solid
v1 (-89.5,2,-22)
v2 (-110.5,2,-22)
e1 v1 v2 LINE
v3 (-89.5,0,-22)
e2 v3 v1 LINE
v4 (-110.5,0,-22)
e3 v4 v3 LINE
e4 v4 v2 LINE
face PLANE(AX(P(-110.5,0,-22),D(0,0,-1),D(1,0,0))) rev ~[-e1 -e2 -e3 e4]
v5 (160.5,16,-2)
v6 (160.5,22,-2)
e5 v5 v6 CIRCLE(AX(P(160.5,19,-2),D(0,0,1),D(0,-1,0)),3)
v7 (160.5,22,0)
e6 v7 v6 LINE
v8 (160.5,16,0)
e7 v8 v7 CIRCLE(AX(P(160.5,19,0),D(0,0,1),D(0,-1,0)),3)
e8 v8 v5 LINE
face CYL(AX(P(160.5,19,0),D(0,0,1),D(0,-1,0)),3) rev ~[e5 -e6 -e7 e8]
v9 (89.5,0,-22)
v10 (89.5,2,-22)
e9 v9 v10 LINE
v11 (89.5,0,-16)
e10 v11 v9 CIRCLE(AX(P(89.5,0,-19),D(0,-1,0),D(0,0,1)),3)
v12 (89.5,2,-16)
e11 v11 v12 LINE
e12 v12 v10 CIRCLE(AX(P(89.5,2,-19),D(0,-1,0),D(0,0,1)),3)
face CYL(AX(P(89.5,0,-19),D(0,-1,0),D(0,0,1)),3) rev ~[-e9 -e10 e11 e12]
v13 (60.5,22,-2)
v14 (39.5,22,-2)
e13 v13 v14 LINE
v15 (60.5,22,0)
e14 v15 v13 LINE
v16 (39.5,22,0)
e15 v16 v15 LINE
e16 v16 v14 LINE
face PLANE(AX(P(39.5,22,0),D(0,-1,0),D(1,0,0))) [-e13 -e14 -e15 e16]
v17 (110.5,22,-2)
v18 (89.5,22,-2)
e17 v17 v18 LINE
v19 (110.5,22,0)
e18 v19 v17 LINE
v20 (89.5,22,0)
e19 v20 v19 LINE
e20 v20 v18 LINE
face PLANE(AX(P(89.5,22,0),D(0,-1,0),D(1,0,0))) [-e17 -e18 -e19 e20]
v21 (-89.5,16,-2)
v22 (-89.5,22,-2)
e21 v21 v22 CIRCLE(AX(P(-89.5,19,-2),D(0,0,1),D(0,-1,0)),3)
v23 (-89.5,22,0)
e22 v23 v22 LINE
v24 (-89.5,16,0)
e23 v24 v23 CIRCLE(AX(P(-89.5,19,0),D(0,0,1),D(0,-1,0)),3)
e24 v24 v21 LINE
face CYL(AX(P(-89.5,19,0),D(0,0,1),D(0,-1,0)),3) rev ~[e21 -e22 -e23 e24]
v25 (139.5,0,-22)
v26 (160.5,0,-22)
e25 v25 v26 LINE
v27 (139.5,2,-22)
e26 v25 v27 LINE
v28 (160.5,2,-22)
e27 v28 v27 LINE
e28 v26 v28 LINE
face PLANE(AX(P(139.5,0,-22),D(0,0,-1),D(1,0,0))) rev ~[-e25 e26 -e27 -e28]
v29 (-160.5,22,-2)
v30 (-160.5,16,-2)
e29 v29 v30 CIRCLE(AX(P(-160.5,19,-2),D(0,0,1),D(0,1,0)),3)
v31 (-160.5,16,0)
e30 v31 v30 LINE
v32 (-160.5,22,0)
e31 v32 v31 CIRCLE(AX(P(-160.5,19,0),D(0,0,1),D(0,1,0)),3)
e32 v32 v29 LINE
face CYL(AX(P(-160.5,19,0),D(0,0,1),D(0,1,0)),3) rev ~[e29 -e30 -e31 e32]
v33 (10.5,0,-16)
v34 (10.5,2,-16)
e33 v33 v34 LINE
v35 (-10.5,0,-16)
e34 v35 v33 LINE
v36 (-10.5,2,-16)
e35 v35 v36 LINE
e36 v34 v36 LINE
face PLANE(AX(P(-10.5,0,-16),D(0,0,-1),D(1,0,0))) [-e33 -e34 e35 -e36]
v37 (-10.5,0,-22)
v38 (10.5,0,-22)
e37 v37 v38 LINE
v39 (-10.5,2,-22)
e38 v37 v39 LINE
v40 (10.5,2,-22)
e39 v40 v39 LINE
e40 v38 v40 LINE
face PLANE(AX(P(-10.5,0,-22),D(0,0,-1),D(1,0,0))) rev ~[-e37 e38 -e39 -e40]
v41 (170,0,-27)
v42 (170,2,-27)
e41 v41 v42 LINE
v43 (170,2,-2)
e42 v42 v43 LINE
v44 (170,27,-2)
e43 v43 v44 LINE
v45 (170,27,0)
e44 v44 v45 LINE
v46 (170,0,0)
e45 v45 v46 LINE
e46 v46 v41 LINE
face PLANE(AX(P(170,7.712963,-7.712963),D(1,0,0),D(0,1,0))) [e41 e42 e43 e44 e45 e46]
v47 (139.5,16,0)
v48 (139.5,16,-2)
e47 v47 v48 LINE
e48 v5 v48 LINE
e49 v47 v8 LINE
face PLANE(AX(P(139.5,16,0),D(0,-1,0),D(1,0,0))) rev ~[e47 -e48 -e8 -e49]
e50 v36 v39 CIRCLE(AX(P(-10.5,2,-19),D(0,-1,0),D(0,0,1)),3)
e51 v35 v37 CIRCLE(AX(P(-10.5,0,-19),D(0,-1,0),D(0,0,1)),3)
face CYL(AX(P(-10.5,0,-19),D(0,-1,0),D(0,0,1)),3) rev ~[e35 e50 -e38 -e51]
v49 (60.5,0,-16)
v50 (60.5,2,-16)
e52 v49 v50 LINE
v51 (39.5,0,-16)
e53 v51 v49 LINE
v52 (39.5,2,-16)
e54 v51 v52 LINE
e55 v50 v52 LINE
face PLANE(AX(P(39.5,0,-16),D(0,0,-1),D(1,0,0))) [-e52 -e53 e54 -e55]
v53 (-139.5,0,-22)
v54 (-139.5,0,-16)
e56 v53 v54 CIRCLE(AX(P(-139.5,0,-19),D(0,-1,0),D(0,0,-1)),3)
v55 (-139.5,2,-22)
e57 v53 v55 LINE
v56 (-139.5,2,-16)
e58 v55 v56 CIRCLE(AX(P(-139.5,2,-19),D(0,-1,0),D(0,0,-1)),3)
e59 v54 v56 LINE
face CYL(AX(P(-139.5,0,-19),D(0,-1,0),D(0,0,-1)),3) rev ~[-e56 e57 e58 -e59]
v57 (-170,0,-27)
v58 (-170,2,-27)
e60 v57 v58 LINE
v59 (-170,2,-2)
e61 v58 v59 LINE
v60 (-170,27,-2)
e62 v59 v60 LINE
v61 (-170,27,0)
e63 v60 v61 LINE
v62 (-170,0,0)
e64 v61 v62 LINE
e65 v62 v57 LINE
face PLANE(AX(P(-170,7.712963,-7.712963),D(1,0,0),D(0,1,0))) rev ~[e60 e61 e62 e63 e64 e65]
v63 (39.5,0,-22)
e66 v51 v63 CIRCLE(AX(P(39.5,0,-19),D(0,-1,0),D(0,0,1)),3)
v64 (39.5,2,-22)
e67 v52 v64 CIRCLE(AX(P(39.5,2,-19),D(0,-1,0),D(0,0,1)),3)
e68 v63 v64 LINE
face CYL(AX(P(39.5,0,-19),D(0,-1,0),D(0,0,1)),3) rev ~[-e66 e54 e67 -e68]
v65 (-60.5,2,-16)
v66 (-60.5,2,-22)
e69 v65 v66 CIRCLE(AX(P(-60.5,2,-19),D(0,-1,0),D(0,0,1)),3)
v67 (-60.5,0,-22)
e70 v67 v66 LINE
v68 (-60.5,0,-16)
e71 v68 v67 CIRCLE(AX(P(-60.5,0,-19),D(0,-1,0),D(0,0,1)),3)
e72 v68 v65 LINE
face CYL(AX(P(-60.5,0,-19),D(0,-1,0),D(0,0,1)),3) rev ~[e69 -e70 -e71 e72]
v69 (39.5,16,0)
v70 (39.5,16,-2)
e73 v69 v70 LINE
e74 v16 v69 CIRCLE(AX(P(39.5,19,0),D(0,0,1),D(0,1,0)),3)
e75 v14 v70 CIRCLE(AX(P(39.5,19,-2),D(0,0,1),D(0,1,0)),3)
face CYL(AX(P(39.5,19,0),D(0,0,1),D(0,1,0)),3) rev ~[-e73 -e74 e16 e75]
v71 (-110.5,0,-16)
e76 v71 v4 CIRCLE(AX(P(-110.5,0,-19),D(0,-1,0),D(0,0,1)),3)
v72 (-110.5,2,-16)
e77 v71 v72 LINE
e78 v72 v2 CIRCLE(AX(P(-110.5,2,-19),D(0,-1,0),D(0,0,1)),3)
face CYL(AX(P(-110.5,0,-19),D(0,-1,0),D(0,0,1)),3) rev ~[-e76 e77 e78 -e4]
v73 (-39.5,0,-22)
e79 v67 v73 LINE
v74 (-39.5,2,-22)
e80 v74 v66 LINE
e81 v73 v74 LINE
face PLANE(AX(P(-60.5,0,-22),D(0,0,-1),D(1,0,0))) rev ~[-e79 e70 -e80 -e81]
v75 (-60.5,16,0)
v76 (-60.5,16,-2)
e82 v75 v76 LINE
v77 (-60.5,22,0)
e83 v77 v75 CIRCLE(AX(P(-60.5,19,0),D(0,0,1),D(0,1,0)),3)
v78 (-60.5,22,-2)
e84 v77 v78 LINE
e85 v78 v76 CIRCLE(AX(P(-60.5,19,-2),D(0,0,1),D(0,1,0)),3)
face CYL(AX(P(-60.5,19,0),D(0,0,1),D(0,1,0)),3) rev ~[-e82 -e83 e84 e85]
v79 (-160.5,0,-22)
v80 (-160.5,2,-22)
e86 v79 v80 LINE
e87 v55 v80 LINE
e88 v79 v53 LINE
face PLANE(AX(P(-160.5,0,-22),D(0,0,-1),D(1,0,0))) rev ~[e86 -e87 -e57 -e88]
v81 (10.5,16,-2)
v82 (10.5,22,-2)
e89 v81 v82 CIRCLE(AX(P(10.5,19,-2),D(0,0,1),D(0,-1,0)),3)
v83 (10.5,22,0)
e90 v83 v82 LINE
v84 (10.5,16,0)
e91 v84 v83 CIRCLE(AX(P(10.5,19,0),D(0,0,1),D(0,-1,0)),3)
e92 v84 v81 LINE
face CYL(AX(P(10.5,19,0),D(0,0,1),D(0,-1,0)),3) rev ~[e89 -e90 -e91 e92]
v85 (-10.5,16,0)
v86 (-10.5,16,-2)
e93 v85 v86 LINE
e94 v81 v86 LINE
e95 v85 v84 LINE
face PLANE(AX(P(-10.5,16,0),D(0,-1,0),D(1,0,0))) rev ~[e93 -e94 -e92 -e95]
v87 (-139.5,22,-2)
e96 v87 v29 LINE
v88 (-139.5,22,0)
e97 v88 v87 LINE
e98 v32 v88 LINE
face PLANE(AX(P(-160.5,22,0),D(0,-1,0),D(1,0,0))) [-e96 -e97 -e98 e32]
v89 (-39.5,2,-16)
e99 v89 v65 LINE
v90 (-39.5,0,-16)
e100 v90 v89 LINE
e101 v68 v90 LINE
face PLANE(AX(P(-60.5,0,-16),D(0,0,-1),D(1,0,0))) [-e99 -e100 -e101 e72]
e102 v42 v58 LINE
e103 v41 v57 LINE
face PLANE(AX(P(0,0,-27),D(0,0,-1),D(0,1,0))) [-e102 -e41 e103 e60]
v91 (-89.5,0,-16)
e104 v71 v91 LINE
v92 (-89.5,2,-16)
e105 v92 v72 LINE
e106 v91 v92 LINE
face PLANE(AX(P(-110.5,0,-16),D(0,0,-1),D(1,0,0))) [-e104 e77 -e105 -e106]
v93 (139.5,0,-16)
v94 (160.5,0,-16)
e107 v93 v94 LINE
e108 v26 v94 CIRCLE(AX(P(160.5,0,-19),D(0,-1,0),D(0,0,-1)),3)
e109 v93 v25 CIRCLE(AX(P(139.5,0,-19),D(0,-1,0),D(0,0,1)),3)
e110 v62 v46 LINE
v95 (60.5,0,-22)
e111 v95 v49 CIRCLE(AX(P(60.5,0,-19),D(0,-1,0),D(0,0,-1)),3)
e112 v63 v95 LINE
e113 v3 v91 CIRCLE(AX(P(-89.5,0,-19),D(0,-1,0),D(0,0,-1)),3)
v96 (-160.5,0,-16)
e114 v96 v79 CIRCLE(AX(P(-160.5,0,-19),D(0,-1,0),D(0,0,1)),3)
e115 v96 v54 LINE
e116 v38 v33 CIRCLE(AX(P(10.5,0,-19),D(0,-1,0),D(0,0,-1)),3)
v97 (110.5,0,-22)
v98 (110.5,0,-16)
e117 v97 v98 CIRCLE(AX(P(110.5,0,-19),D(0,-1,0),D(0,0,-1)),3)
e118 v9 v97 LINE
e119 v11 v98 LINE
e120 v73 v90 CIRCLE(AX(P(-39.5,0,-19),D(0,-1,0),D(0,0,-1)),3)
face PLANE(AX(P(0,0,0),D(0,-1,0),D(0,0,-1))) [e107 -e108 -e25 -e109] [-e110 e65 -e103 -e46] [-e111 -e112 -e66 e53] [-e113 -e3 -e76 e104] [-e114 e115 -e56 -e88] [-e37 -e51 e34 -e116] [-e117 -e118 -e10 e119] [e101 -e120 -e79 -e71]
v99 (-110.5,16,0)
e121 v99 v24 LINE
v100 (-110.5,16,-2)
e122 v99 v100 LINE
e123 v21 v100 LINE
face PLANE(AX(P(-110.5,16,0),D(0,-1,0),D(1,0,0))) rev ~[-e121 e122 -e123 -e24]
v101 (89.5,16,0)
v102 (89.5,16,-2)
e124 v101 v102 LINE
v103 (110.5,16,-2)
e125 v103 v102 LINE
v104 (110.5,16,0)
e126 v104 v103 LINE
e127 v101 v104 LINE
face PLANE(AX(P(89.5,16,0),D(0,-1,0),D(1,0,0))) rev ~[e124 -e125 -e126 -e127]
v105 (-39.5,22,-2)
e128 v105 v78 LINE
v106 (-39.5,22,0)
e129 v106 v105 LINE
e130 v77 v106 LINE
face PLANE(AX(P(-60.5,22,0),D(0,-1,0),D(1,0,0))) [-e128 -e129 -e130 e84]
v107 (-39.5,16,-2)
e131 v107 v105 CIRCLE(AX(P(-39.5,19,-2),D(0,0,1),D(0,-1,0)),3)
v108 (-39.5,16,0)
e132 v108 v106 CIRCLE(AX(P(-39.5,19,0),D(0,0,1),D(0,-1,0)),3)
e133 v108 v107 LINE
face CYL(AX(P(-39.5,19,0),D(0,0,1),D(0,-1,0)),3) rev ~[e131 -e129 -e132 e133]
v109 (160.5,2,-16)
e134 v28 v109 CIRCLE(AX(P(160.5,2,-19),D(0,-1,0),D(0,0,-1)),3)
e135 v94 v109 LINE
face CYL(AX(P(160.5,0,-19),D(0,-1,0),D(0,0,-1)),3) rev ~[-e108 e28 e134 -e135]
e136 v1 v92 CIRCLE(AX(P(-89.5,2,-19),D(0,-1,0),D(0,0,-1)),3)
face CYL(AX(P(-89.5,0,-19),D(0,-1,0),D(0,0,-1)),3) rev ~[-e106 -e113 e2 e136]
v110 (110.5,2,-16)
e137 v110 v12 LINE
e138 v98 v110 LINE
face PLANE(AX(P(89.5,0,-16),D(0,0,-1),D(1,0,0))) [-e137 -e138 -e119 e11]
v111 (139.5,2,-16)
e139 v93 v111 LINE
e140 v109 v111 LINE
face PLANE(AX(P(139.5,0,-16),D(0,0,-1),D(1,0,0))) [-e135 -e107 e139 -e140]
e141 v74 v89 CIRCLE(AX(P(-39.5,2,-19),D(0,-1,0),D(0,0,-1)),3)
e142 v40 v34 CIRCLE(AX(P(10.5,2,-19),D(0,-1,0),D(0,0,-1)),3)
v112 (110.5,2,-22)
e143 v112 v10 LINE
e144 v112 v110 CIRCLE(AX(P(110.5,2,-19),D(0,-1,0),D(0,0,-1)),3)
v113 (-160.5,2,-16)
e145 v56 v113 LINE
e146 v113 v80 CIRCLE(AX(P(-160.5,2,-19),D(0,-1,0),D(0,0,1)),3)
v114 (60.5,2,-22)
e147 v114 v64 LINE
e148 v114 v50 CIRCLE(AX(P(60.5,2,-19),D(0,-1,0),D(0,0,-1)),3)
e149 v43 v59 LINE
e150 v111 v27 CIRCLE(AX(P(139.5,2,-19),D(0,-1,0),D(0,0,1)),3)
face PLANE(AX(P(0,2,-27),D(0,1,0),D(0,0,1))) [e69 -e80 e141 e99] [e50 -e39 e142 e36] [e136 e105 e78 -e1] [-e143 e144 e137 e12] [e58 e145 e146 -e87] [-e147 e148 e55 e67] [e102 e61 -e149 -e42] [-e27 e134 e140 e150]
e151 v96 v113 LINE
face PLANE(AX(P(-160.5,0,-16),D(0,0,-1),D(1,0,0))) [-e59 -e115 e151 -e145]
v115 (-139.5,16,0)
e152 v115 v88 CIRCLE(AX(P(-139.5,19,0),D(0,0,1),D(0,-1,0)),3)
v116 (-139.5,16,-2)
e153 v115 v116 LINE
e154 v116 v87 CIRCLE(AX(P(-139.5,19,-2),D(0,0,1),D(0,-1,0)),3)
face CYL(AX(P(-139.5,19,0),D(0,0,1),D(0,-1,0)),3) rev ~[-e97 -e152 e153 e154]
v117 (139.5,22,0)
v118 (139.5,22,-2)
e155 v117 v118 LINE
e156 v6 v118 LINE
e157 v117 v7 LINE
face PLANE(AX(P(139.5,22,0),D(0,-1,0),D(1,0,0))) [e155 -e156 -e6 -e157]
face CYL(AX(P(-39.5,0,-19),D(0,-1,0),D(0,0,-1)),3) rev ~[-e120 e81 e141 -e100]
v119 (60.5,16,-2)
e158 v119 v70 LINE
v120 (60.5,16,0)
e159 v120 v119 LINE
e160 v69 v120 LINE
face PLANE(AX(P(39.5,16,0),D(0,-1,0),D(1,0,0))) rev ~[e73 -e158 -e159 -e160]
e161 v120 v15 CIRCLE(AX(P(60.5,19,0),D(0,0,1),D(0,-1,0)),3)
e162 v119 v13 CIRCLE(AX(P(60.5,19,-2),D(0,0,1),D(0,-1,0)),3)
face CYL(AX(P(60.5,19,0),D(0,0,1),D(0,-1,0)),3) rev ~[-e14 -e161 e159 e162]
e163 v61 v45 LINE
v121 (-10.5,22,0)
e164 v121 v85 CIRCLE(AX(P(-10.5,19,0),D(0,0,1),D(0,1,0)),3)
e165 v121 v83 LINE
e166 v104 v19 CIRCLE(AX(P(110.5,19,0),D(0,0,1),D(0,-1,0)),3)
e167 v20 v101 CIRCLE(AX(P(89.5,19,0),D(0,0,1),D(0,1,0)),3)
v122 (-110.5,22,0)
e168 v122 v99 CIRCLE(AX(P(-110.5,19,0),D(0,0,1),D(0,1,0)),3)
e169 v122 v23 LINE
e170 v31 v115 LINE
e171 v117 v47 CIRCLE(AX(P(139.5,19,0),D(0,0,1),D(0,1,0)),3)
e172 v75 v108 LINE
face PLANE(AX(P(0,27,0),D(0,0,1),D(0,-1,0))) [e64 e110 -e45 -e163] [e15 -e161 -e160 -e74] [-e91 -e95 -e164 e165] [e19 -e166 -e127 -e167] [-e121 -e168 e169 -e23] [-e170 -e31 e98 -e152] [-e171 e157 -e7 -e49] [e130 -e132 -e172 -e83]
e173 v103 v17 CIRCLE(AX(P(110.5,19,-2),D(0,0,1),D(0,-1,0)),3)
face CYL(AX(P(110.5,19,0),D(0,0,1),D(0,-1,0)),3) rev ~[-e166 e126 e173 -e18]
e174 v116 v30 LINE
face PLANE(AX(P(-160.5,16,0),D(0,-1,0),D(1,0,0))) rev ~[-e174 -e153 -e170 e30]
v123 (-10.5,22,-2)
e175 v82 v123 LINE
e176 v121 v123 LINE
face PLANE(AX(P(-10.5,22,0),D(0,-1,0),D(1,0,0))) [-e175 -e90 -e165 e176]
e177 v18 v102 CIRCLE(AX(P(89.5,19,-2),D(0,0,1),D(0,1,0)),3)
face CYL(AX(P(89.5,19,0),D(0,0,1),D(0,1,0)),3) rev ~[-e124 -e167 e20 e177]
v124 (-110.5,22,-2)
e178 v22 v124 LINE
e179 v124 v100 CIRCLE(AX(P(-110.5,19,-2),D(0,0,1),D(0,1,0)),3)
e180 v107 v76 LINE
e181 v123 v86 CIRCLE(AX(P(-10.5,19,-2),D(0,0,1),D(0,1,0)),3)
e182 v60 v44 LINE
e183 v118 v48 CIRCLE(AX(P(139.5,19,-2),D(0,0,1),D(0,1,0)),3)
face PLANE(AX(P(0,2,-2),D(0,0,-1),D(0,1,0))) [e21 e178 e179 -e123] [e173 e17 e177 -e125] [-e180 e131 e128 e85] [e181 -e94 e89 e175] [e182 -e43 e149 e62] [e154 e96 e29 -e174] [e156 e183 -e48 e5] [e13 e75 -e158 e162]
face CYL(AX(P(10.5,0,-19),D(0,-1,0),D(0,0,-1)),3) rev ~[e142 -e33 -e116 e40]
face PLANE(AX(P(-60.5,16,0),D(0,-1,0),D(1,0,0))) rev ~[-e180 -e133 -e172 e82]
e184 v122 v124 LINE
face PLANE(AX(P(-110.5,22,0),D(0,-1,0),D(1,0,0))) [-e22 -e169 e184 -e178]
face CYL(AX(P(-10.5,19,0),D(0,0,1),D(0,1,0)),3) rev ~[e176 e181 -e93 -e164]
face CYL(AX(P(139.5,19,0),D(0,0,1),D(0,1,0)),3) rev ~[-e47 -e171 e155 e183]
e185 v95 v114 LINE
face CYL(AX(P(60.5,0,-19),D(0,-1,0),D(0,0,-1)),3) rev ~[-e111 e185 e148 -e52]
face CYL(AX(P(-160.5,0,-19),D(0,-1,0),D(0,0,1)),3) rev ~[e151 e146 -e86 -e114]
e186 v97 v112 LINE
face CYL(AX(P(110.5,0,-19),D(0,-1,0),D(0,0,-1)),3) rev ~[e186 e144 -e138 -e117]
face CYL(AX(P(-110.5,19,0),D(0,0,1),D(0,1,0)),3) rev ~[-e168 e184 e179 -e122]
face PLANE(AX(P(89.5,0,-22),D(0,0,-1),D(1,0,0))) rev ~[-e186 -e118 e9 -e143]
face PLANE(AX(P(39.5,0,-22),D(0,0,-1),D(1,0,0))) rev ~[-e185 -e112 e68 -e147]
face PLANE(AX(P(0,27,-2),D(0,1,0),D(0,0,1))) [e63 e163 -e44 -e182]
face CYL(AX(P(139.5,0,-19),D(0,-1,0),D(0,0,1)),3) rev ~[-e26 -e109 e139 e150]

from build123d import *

# Parameters (mm, degrees)
PAD005_DEPTH           = 170
POCKET001_DEPTH        = 5
LINEARPATTERN_COUNT    = 4
LINEARPATTERN_PITCH    = 50
LINEARPATTERN001_COUNT = 4
LINEARPATTERN001_PITCH = 50
POCKET002_DEPTH        = 5
LINEARPATTERN002_COUNT = 4
LINEARPATTERN002_PITCH = 50
LINEARPATTERN003_COUNT = 4
LINEARPATTERN003_PITCH = 50


with BuildPart() as part:
    # Sketch006 → Pad005 (new body, symmetric)
    with BuildSketch(Plane.YZ):
        Polygon((2, -2), (27, -2), (27, 0), (0, 0), (0, -27), (2, -27), align=None)
    extrude(amount=PAD005_DEPTH, both=True)

    # Sketch007 → Pocket001 (cut)
    with BuildSketch(Plane.XZ):
        with BuildLine():
            ThreePointArc((-10.5, -16), (-13.5, -19), (-10.5, -22))
            Line((-10.5, -22), (10.5, -22))
            ThreePointArc((10.5, -22), (13.5, -19), (10.5, -16))
            Line((-10.5, -16), (10.5, -16))
        make_face()
    pocket001 = extrude(amount=-POCKET001_DEPTH, mode=Mode.SUBTRACT)

    # LinearPattern: Pocket001 ×4
    with Locations(*[(i * LINEARPATTERN_PITCH, 0, 0) for i in range(1, LINEARPATTERN_COUNT)]):
        add(pocket001, mode=Mode.SUBTRACT)

    # LinearPattern001: Pocket001 ×4
    with Locations(*[(-i * LINEARPATTERN001_PITCH, 0, 0) for i in range(1, LINEARPATTERN001_COUNT)]):
        add(pocket001, mode=Mode.SUBTRACT)

    # Sketch008 → Pocket002 (cut)
    with BuildSketch(Plane.XY):
        with BuildLine():
            ThreePointArc((-10.5, 22), (-13.5, 19), (-10.5, 16))
            Line((-10.5, 16), (10.5, 16))
            ThreePointArc((10.5, 16), (13.5, 19), (10.5, 22))
            Line((-10.5, 22), (10.5, 22))
        make_face()
    pocket002 = extrude(amount=-POCKET002_DEPTH, mode=Mode.SUBTRACT)

    # LinearPattern002: Pocket002 ×4
    with Locations(*[(i * LINEARPATTERN002_PITCH, 0, 0) for i in range(1, LINEARPATTERN002_COUNT)]):
        add(pocket002, mode=Mode.SUBTRACT)

    # LinearPattern003: Pocket002 ×4
    with Locations(*[(-i * LINEARPATTERN003_PITCH, 0, 0) for i in range(1, LINEARPATTERN003_COUNT)]):
        add(pocket002, mode=Mode.SUBTRACT)


solid = part.part
